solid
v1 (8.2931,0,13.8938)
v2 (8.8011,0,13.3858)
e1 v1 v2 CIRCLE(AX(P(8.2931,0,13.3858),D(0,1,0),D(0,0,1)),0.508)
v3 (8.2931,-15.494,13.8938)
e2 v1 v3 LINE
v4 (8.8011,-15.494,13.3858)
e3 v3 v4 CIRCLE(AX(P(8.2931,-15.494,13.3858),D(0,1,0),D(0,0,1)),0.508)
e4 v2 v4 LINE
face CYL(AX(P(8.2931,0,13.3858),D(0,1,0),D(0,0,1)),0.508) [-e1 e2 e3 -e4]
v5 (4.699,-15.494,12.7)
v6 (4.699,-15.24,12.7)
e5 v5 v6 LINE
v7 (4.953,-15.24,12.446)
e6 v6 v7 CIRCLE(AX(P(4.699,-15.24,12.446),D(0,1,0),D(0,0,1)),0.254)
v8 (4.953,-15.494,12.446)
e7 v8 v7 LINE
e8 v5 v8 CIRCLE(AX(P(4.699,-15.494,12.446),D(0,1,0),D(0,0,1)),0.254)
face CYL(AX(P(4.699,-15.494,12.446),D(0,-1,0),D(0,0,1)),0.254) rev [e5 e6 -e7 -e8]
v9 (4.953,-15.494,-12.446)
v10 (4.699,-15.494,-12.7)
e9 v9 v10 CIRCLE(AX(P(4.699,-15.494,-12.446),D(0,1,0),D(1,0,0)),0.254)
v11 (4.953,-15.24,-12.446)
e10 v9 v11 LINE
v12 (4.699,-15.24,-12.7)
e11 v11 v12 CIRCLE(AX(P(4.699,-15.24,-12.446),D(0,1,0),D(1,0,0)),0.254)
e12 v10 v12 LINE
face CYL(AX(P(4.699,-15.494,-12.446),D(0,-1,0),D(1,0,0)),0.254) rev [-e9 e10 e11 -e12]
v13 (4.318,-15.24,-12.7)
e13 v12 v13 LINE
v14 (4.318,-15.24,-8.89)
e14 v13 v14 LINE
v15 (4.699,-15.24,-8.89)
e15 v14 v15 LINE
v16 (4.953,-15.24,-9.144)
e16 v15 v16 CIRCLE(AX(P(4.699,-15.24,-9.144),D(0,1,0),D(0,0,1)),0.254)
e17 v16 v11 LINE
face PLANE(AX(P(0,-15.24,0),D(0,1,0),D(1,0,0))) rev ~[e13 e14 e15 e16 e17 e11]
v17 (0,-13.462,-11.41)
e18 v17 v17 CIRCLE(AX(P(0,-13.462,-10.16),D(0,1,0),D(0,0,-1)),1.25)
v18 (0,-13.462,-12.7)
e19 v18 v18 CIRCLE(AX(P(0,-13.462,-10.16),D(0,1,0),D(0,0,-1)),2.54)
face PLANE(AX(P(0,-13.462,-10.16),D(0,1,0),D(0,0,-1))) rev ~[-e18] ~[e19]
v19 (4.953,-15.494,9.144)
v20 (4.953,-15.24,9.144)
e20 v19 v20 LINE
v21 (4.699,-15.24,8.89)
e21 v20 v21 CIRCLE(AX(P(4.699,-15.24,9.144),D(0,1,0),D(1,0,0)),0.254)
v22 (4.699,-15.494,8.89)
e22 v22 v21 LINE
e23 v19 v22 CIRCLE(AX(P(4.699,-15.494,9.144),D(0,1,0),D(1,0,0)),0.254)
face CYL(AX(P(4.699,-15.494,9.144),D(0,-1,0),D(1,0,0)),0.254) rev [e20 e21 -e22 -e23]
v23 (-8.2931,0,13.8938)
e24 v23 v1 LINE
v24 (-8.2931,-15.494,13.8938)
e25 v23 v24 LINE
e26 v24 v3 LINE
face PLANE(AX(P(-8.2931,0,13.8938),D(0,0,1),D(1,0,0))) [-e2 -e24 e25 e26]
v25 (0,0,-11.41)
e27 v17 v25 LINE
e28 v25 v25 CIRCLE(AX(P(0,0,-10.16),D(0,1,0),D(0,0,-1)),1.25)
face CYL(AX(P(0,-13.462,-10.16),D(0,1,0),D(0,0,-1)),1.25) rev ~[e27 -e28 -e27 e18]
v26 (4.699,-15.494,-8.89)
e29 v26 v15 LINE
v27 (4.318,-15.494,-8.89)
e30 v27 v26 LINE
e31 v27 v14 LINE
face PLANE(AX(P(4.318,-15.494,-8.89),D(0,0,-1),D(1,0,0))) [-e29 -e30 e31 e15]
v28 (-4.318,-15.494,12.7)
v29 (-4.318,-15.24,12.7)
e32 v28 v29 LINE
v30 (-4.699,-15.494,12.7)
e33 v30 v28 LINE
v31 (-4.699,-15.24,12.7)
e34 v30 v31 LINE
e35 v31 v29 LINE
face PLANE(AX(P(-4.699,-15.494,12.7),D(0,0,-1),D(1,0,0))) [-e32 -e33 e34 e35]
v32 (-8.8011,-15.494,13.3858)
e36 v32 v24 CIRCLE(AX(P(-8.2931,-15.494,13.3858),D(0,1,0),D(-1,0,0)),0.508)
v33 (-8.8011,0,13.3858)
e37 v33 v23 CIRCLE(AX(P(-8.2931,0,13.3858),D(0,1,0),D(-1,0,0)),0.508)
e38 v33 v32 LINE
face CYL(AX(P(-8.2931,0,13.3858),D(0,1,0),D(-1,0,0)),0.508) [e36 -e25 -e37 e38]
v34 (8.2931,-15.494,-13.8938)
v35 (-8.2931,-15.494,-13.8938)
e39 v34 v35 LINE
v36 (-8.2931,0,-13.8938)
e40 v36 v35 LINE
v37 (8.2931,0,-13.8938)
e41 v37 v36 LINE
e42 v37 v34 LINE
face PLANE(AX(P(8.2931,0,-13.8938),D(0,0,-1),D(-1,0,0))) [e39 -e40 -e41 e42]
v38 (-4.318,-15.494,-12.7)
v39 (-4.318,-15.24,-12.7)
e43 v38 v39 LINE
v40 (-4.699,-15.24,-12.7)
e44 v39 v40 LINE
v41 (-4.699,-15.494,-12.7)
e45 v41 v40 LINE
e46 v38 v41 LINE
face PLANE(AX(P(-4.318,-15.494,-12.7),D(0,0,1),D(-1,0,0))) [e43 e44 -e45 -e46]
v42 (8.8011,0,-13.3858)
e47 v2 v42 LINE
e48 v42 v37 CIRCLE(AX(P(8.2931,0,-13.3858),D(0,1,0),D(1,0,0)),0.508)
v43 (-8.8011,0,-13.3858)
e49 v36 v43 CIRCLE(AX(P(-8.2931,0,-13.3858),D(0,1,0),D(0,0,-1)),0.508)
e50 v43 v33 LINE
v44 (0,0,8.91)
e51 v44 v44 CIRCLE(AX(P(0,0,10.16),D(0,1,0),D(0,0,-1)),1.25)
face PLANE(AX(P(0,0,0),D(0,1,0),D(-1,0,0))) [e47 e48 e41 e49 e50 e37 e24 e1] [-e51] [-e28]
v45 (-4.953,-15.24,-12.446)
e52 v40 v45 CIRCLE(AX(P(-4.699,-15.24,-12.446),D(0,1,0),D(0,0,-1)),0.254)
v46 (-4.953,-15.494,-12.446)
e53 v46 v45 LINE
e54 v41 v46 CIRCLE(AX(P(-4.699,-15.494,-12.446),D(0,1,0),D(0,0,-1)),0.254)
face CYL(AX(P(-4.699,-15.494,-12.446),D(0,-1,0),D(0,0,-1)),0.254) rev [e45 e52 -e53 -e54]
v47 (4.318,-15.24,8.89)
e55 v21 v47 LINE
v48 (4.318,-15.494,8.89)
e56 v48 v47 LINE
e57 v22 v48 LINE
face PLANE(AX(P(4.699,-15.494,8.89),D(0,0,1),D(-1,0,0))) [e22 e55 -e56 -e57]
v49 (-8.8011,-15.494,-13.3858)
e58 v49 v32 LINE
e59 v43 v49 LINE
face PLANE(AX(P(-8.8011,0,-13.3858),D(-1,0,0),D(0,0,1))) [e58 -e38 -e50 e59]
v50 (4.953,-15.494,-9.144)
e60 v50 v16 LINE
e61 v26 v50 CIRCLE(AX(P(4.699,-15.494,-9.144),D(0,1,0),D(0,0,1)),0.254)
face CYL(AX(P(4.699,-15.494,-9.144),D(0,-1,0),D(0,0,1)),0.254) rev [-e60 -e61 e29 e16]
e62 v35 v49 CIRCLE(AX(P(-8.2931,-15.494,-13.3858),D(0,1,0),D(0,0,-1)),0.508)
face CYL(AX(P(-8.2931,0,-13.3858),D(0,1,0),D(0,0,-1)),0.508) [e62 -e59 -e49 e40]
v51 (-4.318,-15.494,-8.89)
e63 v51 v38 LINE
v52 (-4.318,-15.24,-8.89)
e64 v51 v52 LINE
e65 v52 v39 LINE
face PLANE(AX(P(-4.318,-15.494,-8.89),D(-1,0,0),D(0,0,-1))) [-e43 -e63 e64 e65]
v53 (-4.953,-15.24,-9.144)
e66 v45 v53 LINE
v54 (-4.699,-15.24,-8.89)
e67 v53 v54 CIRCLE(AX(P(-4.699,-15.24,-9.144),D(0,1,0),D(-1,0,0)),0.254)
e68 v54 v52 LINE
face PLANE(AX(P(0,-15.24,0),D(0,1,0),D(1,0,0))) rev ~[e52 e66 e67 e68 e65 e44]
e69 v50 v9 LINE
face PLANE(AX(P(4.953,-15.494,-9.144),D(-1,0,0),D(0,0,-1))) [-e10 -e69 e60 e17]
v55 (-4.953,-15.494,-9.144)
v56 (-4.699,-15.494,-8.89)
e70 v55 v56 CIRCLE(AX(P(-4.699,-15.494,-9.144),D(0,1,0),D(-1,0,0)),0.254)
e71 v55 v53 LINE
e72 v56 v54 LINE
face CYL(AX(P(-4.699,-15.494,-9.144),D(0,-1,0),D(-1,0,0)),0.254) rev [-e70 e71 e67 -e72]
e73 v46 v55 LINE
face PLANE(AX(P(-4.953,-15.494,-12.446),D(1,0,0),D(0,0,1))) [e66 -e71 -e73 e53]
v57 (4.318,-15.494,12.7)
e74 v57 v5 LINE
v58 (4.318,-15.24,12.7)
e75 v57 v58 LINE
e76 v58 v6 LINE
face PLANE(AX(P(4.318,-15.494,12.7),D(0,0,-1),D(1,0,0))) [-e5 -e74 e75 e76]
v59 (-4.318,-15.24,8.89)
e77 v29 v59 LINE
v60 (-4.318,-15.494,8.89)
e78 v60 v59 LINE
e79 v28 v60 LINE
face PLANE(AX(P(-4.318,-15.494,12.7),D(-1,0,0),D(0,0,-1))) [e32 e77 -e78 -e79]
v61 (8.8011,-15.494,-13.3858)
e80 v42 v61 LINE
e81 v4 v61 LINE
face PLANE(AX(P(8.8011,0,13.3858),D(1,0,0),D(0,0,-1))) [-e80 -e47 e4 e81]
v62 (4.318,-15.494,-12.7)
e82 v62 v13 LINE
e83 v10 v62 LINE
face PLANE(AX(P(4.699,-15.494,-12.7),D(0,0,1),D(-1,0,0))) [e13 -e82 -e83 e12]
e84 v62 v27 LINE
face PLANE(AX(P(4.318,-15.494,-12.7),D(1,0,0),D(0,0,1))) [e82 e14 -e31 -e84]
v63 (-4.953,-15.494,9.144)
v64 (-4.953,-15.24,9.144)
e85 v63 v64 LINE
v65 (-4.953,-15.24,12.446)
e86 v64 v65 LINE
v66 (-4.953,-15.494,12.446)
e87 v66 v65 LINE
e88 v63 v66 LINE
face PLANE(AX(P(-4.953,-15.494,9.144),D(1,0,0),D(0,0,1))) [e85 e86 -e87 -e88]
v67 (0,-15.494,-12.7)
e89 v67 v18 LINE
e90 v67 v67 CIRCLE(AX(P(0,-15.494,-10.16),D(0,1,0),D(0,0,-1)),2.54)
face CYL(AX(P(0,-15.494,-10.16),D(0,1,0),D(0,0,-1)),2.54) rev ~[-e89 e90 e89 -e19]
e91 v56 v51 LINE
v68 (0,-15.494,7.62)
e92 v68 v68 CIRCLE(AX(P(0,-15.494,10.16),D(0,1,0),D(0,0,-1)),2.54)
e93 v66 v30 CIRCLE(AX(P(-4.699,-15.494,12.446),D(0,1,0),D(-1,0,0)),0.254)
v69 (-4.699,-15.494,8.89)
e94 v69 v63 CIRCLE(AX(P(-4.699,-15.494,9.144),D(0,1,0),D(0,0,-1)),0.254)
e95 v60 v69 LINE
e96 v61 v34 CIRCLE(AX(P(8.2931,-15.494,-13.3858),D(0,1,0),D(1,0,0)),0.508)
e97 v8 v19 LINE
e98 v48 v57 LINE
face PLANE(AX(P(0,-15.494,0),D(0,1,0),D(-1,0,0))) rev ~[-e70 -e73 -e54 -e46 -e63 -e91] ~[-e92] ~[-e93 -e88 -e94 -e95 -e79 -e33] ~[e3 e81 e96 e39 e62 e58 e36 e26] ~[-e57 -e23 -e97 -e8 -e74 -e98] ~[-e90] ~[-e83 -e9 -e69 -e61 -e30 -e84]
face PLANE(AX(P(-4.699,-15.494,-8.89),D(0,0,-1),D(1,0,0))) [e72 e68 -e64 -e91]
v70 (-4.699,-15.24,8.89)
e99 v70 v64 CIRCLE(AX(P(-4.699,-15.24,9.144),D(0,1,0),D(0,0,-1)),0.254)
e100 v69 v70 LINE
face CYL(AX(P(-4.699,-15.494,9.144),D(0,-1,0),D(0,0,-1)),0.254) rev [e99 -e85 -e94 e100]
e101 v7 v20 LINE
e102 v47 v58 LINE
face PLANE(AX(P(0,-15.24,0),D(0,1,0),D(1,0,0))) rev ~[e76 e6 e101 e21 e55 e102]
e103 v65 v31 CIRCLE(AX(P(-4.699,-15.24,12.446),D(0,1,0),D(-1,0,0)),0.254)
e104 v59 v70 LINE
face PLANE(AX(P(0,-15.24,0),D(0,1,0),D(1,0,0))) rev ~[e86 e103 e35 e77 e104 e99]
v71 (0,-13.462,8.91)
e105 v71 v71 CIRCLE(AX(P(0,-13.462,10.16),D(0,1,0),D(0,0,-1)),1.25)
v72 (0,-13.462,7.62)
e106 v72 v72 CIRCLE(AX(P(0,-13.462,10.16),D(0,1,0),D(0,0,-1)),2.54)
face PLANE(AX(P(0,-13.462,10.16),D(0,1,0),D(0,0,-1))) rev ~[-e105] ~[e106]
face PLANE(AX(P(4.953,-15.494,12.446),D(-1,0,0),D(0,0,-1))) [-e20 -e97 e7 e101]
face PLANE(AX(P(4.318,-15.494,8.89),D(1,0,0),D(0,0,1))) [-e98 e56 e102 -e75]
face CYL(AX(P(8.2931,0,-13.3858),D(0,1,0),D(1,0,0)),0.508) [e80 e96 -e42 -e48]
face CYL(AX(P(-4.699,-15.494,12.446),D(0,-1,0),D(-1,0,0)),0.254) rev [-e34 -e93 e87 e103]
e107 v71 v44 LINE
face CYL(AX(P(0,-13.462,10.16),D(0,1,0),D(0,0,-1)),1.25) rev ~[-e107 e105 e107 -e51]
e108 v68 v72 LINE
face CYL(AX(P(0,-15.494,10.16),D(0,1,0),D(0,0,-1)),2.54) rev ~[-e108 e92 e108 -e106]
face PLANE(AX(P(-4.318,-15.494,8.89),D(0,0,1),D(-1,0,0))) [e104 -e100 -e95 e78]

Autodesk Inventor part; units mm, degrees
sketch "Sketch_1" plane through (0, 0, 0) normal (0, 1, 0) x (-1, 0, 0)
  line L0 (8.8011, -13.3858) -> (8.8011, 13.3858)
  arc A0 (8.8011, 13.3858) -> (8.2931, 13.8938) centre (8.2931, 13.3858) ccw
  line L1 (8.2931, 13.8938) -> (-8.2931, 13.8938)
  arc A1 (-8.2931, 13.8938) -> (-8.8011, 13.3858) centre (-8.2931, 13.3858) ccw
  line L2 (-8.8011, 13.3858) -> (-8.8011, -13.3858)
  arc A2 (-8.8011, -13.3858) -> (-8.2931, -13.8938) centre (-8.2931, -13.3858) ccw
  line L3 (-8.2931, -13.8938) -> (8.2931, -13.8938)
  arc A3 (8.2931, -13.8938) -> (8.8011, -13.3858) centre (8.2931, -13.3858) ccw
extrude "Extrusion1" add sketch "Sketch_1" against normal blind 15.494
sketch "Sketch_2" plane through (0, -15.494, 0) normal (0, 1, 0) x (1, 0, 0)
  arc A0 (-4.953, -12.446) -> (-4.699, -12.7) centre (-4.699, -12.446) ccw
  line L0 (-4.699, -12.7) -> (-4.318, -12.7)
  line L1 (-4.318, -12.7) -> (-4.318, -8.89)
  line L2 (-4.318, -8.89) -> (-4.699, -8.89)
  arc A1 (-4.699, -8.89) -> (-4.953, -9.144) centre (-4.699, -9.144) ccw
  line L3 (-4.953, -9.144) -> (-4.953, -12.446)
extrude "Extrusion2" cut sketch "Sketch_2" along normal blind 0.254
sketch "Sketch_3" plane through (0, -15.494, 0) normal (0, 1, 0) x (1, 0, 0)
  line L0 (4.318, -12.7) -> (4.699, -12.7)
  arc A0 (4.699, -12.7) -> (4.953, -12.446) centre (4.699, -12.446) ccw
  line L1 (4.953, -12.446) -> (4.953, -9.144)
  arc A1 (4.953, -9.144) -> (4.699, -8.89) centre (4.699, -9.144) ccw
  line L2 (4.699, -8.89) -> (4.318, -8.89)
  line L3 (4.318, -8.89) -> (4.318, -12.7)
extrude "Extrusion3" cut sketch "Sketch_3" along normal blind 0.254
sketch "Sketch_4" plane through (0, -15.494, 0) normal (0, 1, 0) x (1, 0, 0)
  line L0 (-4.953, 12.446) -> (-4.953, 9.144)
  arc A0 (-4.953, 9.144) -> (-4.699, 8.89) centre (-4.699, 9.144) ccw
  line L1 (-4.699, 8.89) -> (-4.318, 8.89)
  line L2 (-4.318, 8.89) -> (-4.318, 12.7)
  line L3 (-4.318, 12.7) -> (-4.699, 12.7)
  arc A1 (-4.699, 12.7) -> (-4.953, 12.446) centre (-4.699, 12.446) ccw
extrude "Extrusion4" cut sketch "Sketch_4" along normal blind 0.254
sketch "Sketch_5" plane through (0, -15.494, 0) normal (0, 1, 0) x (1, 0, 0)
  line L0 (4.318, 12.7) -> (4.318, 8.89)
  line L1 (4.318, 8.89) -> (4.699, 8.89)
  arc A0 (4.699, 8.89) -> (4.953, 9.144) centre (4.699, 9.144) ccw
  line L2 (4.953, 9.144) -> (4.953, 12.446)
  arc A1 (4.953, 12.446) -> (4.699, 12.7) centre (4.699, 12.446) ccw
  line L3 (4.699, 12.7) -> (4.318, 12.7)
extrude "Extrusion5" cut sketch "Sketch_5" along normal blind 0.254
sketch "Sketch6" plane through (0, -15.494, 0) normal (0, -1, 0) x (1, 0, 0)
  point P0 (0, 10.16)
hole "Drilling 1" at (0, -15.494, 10.16) direction (0, 1, 0) diameter 2.5 depth 15.494 counterbore diameter 5.08 counterbore depth 2.032
sketch "Sketch7" plane through (0, -15.494, 0) normal (0, -1, 0) x (1, 0, 0)
  point P0 (0, -10.16)
hole "Drilling 2" at (0, -15.494, -10.16) direction (0, 1, 0) diameter 2.5 depth 15.494 counterbore diameter 5.08 counterbore depth 2.032
ref_plane "screw_m25_2_XY" through (0, -13.462, -10.16) normal (0, 1, 0) x (1, 0, 0)
ref_plane "screw_m25_2_YZ" through (0, -13.462, -10.16) normal (1, 0, 0) x (0, 0, -1)
ref_plane "screw_m25_2_ZX" through (0, -13.462, -10.16) normal (0, 0, -1) x (0, 1, 0)
ref_plane "sscrew_m25_1_XY" through (0, -13.462, 10.16) normal (0, 1, 0) x (1, 0, 0)
ref_plane "sscrew_m25_1_YZ" through (0, -13.462, 10.16) normal (1, 0, 0) x (0, 0, -1)
ref_plane "sscrew_m25_1_ZX" through (0, -13.462, 10.16) normal (0, 0, -1) x (0, 1, 0)
ref_plane "to_dummy_XY" through (0, 0, 0) normal (0, -1, 0) x (1, 0, 0)
ref_plane "to_dummy_YZ" through (0, 0, 0) normal (1, 0, 0) x (0, 0, 1)
ref_plane "to_dummy_ZX" through (0, 0, 0) normal (0, 0, 1) x (0, -1, 0)
ref_plane "to_electric_XY" through (0, -15.24, 0) normal (0, 1, 0) x (1, 0, 0)
ref_plane "to_electric_YZ" through (0, -15.24, 0) normal (1, 0, 0) x (0, 0, -1)
ref_plane "to_electric_ZX" through (0, -15.24, 0) normal (0, 0, -1) x (0, 1, 0)
ref_plane "to_panel_XY" through (0, 0, 0) normal (0, -1, 0) x (1, 0, 0)
ref_plane "to_panel_YZ" through (0, 0, 0) normal (1, 0, 0) x (0, 0, 1)
ref_plane "to_panel_ZX" through (0, 0, 0) normal (0, 0, 1) x (0, -1, 0)
properties part number "S114-body"
